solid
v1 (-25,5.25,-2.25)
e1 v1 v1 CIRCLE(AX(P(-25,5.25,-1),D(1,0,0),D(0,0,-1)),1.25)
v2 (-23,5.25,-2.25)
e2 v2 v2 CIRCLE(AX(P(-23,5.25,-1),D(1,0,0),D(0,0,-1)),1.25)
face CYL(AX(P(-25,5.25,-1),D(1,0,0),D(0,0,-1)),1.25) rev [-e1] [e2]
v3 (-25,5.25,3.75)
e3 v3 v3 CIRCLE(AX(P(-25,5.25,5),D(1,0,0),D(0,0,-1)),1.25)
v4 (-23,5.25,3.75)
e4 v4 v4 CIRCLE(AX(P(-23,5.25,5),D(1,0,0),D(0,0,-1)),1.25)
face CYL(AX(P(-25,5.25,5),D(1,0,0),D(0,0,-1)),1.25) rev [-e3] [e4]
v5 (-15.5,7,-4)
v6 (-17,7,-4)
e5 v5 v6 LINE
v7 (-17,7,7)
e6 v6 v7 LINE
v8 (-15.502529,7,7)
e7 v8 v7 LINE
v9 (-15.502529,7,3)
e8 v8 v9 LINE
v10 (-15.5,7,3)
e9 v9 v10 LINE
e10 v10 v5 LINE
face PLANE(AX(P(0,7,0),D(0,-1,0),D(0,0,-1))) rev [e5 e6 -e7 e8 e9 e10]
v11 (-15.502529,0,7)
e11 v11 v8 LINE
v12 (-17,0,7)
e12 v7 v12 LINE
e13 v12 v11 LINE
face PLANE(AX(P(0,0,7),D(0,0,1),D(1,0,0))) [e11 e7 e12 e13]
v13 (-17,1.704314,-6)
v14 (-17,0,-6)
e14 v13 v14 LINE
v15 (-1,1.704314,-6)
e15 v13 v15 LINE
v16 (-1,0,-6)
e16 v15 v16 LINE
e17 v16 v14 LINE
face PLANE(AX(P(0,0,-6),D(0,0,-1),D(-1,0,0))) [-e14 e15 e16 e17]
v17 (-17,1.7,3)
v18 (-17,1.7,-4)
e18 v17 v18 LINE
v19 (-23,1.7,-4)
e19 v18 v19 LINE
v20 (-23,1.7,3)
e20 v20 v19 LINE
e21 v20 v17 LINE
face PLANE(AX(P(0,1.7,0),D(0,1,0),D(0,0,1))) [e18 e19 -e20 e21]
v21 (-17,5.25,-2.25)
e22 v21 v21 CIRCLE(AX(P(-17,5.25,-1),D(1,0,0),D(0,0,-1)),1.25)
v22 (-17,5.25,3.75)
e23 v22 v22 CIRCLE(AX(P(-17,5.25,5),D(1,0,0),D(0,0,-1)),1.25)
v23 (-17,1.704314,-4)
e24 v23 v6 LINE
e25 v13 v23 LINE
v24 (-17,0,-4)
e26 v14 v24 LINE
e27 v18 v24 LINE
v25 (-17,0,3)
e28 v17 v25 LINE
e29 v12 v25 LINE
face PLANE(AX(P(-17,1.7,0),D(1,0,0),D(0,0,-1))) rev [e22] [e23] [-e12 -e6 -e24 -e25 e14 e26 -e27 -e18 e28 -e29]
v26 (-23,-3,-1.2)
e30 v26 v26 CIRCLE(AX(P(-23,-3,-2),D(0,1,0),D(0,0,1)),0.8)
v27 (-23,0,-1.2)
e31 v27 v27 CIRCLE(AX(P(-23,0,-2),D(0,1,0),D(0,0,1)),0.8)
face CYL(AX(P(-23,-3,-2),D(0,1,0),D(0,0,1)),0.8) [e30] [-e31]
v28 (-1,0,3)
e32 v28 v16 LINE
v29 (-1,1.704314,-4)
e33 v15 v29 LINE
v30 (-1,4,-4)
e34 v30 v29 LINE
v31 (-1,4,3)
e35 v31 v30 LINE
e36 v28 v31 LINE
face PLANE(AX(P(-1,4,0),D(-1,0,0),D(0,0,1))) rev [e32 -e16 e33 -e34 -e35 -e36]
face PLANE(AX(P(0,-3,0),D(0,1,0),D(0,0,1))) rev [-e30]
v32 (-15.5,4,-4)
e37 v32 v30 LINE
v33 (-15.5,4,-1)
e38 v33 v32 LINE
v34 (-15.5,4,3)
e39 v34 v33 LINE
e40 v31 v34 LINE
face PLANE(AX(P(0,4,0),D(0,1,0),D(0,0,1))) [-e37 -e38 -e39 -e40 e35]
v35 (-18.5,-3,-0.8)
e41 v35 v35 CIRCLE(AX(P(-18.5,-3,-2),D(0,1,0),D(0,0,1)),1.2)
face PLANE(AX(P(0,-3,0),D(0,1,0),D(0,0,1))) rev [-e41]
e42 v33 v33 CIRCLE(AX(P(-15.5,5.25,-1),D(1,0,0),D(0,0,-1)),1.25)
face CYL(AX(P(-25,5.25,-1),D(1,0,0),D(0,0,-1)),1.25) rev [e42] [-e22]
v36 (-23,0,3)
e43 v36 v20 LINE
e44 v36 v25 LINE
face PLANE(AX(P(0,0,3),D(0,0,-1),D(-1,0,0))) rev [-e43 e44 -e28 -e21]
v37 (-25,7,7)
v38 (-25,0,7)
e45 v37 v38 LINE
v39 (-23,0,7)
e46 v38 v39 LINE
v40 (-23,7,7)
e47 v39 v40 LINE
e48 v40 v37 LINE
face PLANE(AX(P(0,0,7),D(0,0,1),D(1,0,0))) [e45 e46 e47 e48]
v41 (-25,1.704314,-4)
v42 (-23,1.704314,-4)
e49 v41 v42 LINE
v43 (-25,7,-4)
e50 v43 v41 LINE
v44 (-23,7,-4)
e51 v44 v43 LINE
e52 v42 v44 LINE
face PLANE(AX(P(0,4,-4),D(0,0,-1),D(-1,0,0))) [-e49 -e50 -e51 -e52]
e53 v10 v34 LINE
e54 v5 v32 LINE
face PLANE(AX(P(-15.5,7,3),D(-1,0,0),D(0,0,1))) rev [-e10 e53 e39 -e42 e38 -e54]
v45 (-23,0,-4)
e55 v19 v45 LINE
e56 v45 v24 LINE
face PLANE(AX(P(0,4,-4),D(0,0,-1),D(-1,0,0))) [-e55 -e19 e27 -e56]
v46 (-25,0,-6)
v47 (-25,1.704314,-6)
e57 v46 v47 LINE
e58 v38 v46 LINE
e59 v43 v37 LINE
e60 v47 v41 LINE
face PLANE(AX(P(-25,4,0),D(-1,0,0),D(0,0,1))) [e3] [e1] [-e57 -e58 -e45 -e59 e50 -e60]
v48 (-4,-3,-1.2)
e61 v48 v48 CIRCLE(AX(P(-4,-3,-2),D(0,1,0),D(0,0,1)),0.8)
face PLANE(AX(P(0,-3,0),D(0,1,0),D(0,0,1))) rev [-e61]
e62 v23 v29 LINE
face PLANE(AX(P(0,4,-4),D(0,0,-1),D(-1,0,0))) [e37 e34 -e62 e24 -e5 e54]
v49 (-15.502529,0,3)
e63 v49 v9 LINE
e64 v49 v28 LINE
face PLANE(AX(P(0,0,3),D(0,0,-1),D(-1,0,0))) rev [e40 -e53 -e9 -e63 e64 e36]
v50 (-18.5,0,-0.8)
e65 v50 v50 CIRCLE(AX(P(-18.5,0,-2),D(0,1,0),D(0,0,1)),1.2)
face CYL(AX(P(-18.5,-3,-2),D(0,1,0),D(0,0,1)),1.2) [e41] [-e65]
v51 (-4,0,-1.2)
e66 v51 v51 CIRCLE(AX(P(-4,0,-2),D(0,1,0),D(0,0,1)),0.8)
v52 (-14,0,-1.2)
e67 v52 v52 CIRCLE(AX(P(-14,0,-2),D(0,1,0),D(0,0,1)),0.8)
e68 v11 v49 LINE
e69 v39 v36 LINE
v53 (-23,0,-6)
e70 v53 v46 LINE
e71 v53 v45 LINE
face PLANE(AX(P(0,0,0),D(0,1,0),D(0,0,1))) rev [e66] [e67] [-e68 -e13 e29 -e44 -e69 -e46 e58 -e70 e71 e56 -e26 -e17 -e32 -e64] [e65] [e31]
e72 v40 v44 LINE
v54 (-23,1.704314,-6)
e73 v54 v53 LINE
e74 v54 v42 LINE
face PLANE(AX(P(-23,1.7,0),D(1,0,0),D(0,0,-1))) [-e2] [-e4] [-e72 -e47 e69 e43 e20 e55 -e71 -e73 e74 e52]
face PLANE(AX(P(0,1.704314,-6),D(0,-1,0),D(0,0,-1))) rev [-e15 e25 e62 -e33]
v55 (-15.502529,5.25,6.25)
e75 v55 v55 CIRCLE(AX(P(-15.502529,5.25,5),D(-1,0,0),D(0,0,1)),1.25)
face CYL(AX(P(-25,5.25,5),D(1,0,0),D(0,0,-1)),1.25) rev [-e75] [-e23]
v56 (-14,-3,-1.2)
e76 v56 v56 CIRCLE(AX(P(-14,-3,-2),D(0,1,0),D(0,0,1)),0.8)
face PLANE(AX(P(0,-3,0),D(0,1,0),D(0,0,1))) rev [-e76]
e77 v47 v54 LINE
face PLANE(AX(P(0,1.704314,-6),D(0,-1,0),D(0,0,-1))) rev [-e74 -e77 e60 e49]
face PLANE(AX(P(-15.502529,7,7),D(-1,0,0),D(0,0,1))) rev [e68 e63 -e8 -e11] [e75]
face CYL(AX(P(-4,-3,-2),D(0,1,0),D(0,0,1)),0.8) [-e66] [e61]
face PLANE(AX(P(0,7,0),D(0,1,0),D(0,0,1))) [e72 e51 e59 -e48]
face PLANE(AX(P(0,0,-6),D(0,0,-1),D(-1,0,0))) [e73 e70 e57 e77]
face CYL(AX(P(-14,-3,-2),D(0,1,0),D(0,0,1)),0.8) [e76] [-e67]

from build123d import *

# Parameters (mm, degrees)
BOSS_EXTRUDE1_DEPTH = 3
SKETCH3_W           = 24
SKETCH3_H           = 4
BOSS_EXTRUDE2_DEPTH = 4
SKETCH6_W           = 24
SKETCH6_H           = 4
BOSS_EXTRUDE4_DEPTH = 3
CUT_EXTRUDE1_DEPTH  = 2.3
SKETCH9_W           = 2
SKETCH9_H           = 7
SKETCH9_W_2         = 1.5
BOSS_EXTRUDE5_DEPTH = 3
SKETCH11_W          = 2
SKETCH11_H          = 7
SKETCH11_W_2        = 1.497470588
BOSS_EXTRUDE6_DEPTH = 4
SKETCH10_R          = 1.25
CUT_EXTRUDE2_DEPTH  = 10.5
BOSS_EXTRUDE7_DEPTH = 2


with BuildPart() as part:
    # Sketch1 → Boss-Extrude1 (new body)
    with BuildSketch(Plane(origin=(0, 0, 0), x_dir=(1, 0, 0), z_dir=(0, 1, 0))):
        with BuildLine():
            ThreePointArc((-17.3, 2), (-18.5, 3.2), (-19.7, 2))
            Line((-19.7, 2), (-17.3, 2))
        make_face()
        with BuildLine():
            Line((-17.3, 2), (-19.7, 2))
            ThreePointArc((-19.7, 2), (-18.5, 0.8), (-17.3, 2))
        make_face()
        with BuildLine():
            Line((-23, 2.8), (-23, 2))
            Line((-23, 2), (-23, 1.2))
            ThreePointArc((-23, 1.2), (-22.434314575, 1.434314575), (-22.2, 2))
            ThreePointArc((-22.2, 2), (-22.434314575, 2.565685425), (-23, 2.8))
        make_face()
        with BuildLine():
            Line((-23, 1.2), (-23, 2))
            Line((-23, 2), (-23.8, 2))
            ThreePointArc((-23.8, 2), (-23.565685425, 1.434314575), (-23, 1.2))
        make_face()
        with BuildLine():
            Line((-23.8, 2), (-23, 2))
            Line((-23, 2), (-23, 2.8))
            ThreePointArc((-23, 2.8), (-23.565685425, 2.565685425), (-23.8, 2))
        make_face()
        with BuildLine():
            ThreePointArc((-13.2, 2), (-14, 2.8), (-14.8, 2))
            Line((-14.8, 2), (-13.2, 2))
        make_face()
        with BuildLine():
            Line((-13.2, 2), (-14.8, 2))
            ThreePointArc((-14.8, 2), (-14, 1.2), (-13.2, 2))
        make_face()
        with BuildLine():
            ThreePointArc((-3.2, 2), (-4, 2.8), (-4.8, 2))
            Line((-4.8, 2), (-3.2, 2))
        make_face()
        with BuildLine():
            Line((-3.2, 2), (-4.8, 2))
            ThreePointArc((-4.8, 2), (-4, 1.2), (-3.2, 2))
        make_face()
    extrude(amount=-BOSS_EXTRUDE1_DEPTH)

    # Sketch3 → Boss-Extrude2 (add)
    with BuildSketch(Plane(origin=(0, 0, 0), x_dir=(1, 0, 0), z_dir=(0, 1, 0))):
        with Locations((-13, 2)):
            Rectangle(SKETCH3_W, SKETCH3_H)
    extrude(amount=BOSS_EXTRUDE2_DEPTH)

    # Sketch6 → Boss-Extrude4 (add)
    with BuildSketch(Plane.XY):
        with Locations((-13, 2)):
            Rectangle(SKETCH6_W, SKETCH6_H)
    extrude(amount=BOSS_EXTRUDE4_DEPTH)

    # Sketch7 → Cut-Extrude1 (cut)
    with BuildSketch(Plane(origin=(0, 4, 0), x_dir=(1, 0, 0), z_dir=(0, 1, 0))):
        Polygon((-23, 0.5), (-23, -3), (-17, -3), (-17, 4), (-23, 4), align=None)
    extrude(amount=-CUT_EXTRUDE1_DEPTH, mode=Mode.SUBTRACT)

    # Sketch9 → Boss-Extrude5 (add)
    with BuildSketch(Plane(origin=(0, 4, 0), x_dir=(1, 0, 0), z_dir=(0, 1, 0))):
        with Locations((-24, 0.5)):
            Rectangle(SKETCH9_W, SKETCH9_H)
        with Locations((-16.25, 0.5)):
            Rectangle(SKETCH9_W_2, SKETCH9_H)
    extrude(amount=BOSS_EXTRUDE5_DEPTH)

    # Sketch11 → Boss-Extrude6 (add)
    with BuildSketch(Plane.XY.offset(3)):
        with Locations((-24, 3.5)):
            Rectangle(SKETCH11_W, SKETCH11_H)
        with Locations((-16.251264706, 3.5)):
            Rectangle(SKETCH11_W_2, SKETCH11_H)
    extrude(amount=BOSS_EXTRUDE6_DEPTH)

    # Sketch10 → Cut-Extrude2 (cut, through all)
    with BuildSketch(Plane(origin=(-15.5, 0, 0), x_dir=(0, 0, -1), z_dir=(1, 0, 0))):
        with Locations((1, 5.25)):
            Circle(SKETCH10_R)
        with Locations((-5, 5.25)):
            Circle(SKETCH10_R)
    extrude(amount=-CUT_EXTRUDE2_DEPTH, mode=Mode.SUBTRACT)

    # Sketch12 → Boss-Extrude7 (add)
    with BuildSketch(Plane(origin=(0, 0, -4), x_dir=(-1, 0, 0), z_dir=(0, 0, -1))):
        Polygon((1, 0), (17, 0), (17, 1.7), (17, 1.704314434), (1, 1.704314434), align=None)
        Polygon((23, 0), (25, 0), (25, 1.704314434), (23, 1.704314434), (23, 1.7), align=None)
    extrude(amount=BOSS_EXTRUDE7_DEPTH)


solid = part.part
